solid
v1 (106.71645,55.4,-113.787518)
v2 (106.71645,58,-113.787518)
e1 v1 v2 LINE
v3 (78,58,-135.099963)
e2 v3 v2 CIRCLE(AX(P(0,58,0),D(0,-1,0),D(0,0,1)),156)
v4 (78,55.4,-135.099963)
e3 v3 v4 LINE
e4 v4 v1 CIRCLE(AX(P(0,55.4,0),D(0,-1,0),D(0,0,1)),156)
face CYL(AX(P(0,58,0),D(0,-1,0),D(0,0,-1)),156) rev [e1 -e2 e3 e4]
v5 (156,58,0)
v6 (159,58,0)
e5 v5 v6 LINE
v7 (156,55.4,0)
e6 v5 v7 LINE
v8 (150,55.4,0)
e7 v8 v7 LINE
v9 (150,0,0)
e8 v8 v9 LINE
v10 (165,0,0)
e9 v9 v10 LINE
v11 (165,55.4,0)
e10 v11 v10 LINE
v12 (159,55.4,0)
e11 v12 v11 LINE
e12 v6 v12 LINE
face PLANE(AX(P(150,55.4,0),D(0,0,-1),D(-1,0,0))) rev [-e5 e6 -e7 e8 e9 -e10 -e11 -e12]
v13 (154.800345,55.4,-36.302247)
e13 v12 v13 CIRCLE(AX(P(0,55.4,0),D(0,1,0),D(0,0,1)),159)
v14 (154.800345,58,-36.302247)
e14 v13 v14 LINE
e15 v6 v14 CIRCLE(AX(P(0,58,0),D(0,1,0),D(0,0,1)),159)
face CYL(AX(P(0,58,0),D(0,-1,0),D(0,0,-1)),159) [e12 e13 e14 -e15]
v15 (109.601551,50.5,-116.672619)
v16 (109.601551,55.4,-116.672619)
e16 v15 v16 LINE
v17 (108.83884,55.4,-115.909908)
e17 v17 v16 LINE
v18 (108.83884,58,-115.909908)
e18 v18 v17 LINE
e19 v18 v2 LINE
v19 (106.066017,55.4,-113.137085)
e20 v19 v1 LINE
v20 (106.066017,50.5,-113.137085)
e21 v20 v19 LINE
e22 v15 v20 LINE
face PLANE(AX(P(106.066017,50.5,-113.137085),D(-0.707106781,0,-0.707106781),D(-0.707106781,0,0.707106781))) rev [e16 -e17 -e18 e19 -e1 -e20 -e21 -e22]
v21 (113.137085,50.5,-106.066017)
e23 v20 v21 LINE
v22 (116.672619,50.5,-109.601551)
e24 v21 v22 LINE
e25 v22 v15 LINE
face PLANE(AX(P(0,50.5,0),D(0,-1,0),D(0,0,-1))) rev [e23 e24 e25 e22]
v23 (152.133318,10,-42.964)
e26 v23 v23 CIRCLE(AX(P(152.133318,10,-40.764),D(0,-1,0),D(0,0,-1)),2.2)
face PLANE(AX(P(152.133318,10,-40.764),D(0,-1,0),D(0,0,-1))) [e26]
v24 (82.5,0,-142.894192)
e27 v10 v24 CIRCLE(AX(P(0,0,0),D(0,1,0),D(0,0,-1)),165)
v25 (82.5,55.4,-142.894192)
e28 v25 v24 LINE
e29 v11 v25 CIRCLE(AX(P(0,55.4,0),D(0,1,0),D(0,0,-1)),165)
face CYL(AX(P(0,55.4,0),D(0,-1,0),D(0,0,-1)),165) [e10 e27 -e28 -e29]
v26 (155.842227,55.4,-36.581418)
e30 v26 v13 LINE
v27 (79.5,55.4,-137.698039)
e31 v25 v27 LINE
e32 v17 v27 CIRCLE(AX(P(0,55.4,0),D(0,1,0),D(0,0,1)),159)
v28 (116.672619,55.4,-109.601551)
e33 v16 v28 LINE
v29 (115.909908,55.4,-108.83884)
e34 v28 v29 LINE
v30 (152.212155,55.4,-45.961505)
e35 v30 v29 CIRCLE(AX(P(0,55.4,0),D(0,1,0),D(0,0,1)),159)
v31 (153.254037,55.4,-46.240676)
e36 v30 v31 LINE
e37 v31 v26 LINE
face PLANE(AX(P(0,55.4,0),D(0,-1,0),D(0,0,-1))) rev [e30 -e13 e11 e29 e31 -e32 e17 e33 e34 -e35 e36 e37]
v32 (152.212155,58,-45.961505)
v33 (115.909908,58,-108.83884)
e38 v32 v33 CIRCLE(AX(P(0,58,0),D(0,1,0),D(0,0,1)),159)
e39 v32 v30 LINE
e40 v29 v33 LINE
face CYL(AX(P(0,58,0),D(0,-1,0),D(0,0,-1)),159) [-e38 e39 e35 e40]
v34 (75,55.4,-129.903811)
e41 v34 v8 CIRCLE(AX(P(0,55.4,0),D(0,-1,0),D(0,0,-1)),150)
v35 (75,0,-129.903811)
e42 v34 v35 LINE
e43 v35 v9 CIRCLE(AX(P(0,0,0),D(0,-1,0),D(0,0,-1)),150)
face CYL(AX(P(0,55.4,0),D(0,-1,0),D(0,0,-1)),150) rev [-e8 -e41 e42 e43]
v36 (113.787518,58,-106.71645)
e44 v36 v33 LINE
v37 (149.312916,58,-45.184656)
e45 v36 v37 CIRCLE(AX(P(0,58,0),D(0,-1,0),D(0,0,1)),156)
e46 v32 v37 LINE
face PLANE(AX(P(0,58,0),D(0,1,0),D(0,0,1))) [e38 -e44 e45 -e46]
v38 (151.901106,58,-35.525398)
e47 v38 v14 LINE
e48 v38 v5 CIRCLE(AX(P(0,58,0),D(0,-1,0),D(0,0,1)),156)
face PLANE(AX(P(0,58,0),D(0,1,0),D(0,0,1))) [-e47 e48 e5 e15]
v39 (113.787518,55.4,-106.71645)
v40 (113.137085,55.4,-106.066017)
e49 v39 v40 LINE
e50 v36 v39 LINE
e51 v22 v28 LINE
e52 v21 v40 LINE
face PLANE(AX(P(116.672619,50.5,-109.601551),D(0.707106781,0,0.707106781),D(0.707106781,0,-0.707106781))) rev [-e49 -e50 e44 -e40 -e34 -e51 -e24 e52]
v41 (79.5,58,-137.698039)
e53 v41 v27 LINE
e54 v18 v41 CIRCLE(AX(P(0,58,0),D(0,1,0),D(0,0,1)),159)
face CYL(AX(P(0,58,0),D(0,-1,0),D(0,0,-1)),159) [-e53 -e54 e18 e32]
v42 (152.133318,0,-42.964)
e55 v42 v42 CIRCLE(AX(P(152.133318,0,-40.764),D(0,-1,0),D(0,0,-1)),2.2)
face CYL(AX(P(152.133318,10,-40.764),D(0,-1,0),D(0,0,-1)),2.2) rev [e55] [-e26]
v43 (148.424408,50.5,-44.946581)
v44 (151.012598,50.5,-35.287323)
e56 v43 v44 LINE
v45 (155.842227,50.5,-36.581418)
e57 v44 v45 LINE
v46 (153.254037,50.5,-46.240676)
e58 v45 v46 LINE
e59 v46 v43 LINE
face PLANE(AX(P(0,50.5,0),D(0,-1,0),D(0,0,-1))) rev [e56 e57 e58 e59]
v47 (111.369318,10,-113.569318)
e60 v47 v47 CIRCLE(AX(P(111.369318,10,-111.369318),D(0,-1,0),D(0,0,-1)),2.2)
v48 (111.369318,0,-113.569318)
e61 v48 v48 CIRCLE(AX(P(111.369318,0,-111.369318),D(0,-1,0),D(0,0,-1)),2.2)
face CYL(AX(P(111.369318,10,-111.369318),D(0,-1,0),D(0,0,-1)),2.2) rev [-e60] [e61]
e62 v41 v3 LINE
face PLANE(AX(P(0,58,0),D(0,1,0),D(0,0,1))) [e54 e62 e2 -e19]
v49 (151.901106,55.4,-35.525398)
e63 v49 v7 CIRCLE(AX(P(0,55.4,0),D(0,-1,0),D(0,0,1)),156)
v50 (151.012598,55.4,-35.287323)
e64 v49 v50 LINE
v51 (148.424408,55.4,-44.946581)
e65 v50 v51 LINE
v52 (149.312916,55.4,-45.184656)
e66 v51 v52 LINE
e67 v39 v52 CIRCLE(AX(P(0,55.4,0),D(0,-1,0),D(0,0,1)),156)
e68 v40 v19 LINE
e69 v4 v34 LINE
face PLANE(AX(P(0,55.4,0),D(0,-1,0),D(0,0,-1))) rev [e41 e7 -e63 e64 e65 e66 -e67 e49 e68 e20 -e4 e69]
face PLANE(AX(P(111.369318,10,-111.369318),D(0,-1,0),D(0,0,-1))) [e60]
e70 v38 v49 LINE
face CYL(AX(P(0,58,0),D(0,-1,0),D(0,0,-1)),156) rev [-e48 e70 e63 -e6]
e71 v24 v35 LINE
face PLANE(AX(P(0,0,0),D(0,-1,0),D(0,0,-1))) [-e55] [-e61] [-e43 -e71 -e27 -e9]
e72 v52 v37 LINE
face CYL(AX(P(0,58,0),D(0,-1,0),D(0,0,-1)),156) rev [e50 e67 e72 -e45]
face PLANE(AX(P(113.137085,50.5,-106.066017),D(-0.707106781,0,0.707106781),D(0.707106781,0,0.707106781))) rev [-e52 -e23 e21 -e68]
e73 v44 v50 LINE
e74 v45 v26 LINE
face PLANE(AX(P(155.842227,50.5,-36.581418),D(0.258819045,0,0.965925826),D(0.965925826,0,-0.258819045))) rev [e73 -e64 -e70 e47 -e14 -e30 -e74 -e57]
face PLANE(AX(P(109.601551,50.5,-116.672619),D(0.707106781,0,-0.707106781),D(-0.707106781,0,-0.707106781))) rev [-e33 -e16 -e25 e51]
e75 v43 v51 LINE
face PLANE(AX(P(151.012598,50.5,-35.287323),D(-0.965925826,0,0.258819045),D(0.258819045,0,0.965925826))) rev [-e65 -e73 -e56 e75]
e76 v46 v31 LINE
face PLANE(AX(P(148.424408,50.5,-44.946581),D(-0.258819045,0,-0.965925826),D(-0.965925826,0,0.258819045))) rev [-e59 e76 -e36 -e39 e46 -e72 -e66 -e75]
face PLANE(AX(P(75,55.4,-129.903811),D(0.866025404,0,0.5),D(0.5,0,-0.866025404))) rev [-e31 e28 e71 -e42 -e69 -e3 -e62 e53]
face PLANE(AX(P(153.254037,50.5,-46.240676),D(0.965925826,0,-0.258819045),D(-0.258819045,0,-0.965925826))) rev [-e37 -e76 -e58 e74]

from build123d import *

# Parameters (mm, degrees)
AUFSATZ_LINEAR_AUSTRAGEN1_DEPTH = 55.4
AUFSATZ_LINEAR_AUSTRAGEN2_DEPTH = 2.6
SCHNITT_LINEAR_AUSTRAGEN1_DEPTH = 7.5
SKIZZE4_R                       = 2.2
SCHNITT_LINEAR_AUSTRAGEN2_DEPTH = 10


with BuildPart() as part:
    # Skizze1 → Aufsatz-Linear austragen1 (new body)
    with BuildSketch(Plane(origin=(0, 0, 0), x_dir=(1, 0, 0), z_dir=(0, 1, 0))):
        with BuildLine():
            Line((75, 129.903810568), (82.5, 142.894191624))
            ThreePointArc((82.5, 142.894191624), (142.894191624, 82.5), (165, 0))
            Line((165, 0), (150, 0))
            ThreePointArc((150, 0), (129.903810568, 75), (75, 129.903810568))
        make_face()
    extrude(amount=AUFSATZ_LINEAR_AUSTRAGEN1_DEPTH)

    # Skizze2 → Aufsatz-Linear austragen2 (add)
    with BuildSketch(Plane(origin=(0, 55.4, 0), x_dir=(1, 0, 0), z_dir=(0, 1, 0))):
        with BuildLine():
            Line((78, 135.09996299), (79.5, 137.698039202))
            ThreePointArc((79.5, 137.698039202), (137.698039202, 79.5), (159, 0))
            Line((159, 0), (156, 0))
            ThreePointArc((156, 0), (135.09996299, 78), (78, 135.09996299))
        make_face()
    extrude(amount=AUFSATZ_LINEAR_AUSTRAGEN2_DEPTH)

    # Skizze3 → Schnitt-Linear austragen1 (cut)
    with BuildSketch(Plane(origin=(0, 58, 0), x_dir=(1, 0, 0), z_dir=(0, 1, 0))):
        Polygon((148.424407849, 44.946581122), (153.254036981, 46.240676348), (155.842227432, 36.581418085), (151.0125983, 35.287322859), align=None)
        Polygon((106.066017178, 113.13708499), (109.601551084, 116.672618896), (116.672618896, 109.601551084), (113.13708499, 106.066017178), align=None)
    extrude(amount=-SCHNITT_LINEAR_AUSTRAGEN1_DEPTH, mode=Mode.SUBTRACT)

    # Skizze4 → Schnitt-Linear austragen2 (cut)
    with BuildSketch(Plane.XZ):
        with Locations(Location((111.369318037, -111.369318037, 0), (0, 0, 270))):
            Circle(SKIZZE4_R)
        with Locations(Location((152.133317641, -40.763999604, 0), (0, 0, 270))):
            Circle(SKIZZE4_R)
    extrude(amount=-SCHNITT_LINEAR_AUSTRAGEN2_DEPTH, mode=Mode.SUBTRACT)


solid = part.part
